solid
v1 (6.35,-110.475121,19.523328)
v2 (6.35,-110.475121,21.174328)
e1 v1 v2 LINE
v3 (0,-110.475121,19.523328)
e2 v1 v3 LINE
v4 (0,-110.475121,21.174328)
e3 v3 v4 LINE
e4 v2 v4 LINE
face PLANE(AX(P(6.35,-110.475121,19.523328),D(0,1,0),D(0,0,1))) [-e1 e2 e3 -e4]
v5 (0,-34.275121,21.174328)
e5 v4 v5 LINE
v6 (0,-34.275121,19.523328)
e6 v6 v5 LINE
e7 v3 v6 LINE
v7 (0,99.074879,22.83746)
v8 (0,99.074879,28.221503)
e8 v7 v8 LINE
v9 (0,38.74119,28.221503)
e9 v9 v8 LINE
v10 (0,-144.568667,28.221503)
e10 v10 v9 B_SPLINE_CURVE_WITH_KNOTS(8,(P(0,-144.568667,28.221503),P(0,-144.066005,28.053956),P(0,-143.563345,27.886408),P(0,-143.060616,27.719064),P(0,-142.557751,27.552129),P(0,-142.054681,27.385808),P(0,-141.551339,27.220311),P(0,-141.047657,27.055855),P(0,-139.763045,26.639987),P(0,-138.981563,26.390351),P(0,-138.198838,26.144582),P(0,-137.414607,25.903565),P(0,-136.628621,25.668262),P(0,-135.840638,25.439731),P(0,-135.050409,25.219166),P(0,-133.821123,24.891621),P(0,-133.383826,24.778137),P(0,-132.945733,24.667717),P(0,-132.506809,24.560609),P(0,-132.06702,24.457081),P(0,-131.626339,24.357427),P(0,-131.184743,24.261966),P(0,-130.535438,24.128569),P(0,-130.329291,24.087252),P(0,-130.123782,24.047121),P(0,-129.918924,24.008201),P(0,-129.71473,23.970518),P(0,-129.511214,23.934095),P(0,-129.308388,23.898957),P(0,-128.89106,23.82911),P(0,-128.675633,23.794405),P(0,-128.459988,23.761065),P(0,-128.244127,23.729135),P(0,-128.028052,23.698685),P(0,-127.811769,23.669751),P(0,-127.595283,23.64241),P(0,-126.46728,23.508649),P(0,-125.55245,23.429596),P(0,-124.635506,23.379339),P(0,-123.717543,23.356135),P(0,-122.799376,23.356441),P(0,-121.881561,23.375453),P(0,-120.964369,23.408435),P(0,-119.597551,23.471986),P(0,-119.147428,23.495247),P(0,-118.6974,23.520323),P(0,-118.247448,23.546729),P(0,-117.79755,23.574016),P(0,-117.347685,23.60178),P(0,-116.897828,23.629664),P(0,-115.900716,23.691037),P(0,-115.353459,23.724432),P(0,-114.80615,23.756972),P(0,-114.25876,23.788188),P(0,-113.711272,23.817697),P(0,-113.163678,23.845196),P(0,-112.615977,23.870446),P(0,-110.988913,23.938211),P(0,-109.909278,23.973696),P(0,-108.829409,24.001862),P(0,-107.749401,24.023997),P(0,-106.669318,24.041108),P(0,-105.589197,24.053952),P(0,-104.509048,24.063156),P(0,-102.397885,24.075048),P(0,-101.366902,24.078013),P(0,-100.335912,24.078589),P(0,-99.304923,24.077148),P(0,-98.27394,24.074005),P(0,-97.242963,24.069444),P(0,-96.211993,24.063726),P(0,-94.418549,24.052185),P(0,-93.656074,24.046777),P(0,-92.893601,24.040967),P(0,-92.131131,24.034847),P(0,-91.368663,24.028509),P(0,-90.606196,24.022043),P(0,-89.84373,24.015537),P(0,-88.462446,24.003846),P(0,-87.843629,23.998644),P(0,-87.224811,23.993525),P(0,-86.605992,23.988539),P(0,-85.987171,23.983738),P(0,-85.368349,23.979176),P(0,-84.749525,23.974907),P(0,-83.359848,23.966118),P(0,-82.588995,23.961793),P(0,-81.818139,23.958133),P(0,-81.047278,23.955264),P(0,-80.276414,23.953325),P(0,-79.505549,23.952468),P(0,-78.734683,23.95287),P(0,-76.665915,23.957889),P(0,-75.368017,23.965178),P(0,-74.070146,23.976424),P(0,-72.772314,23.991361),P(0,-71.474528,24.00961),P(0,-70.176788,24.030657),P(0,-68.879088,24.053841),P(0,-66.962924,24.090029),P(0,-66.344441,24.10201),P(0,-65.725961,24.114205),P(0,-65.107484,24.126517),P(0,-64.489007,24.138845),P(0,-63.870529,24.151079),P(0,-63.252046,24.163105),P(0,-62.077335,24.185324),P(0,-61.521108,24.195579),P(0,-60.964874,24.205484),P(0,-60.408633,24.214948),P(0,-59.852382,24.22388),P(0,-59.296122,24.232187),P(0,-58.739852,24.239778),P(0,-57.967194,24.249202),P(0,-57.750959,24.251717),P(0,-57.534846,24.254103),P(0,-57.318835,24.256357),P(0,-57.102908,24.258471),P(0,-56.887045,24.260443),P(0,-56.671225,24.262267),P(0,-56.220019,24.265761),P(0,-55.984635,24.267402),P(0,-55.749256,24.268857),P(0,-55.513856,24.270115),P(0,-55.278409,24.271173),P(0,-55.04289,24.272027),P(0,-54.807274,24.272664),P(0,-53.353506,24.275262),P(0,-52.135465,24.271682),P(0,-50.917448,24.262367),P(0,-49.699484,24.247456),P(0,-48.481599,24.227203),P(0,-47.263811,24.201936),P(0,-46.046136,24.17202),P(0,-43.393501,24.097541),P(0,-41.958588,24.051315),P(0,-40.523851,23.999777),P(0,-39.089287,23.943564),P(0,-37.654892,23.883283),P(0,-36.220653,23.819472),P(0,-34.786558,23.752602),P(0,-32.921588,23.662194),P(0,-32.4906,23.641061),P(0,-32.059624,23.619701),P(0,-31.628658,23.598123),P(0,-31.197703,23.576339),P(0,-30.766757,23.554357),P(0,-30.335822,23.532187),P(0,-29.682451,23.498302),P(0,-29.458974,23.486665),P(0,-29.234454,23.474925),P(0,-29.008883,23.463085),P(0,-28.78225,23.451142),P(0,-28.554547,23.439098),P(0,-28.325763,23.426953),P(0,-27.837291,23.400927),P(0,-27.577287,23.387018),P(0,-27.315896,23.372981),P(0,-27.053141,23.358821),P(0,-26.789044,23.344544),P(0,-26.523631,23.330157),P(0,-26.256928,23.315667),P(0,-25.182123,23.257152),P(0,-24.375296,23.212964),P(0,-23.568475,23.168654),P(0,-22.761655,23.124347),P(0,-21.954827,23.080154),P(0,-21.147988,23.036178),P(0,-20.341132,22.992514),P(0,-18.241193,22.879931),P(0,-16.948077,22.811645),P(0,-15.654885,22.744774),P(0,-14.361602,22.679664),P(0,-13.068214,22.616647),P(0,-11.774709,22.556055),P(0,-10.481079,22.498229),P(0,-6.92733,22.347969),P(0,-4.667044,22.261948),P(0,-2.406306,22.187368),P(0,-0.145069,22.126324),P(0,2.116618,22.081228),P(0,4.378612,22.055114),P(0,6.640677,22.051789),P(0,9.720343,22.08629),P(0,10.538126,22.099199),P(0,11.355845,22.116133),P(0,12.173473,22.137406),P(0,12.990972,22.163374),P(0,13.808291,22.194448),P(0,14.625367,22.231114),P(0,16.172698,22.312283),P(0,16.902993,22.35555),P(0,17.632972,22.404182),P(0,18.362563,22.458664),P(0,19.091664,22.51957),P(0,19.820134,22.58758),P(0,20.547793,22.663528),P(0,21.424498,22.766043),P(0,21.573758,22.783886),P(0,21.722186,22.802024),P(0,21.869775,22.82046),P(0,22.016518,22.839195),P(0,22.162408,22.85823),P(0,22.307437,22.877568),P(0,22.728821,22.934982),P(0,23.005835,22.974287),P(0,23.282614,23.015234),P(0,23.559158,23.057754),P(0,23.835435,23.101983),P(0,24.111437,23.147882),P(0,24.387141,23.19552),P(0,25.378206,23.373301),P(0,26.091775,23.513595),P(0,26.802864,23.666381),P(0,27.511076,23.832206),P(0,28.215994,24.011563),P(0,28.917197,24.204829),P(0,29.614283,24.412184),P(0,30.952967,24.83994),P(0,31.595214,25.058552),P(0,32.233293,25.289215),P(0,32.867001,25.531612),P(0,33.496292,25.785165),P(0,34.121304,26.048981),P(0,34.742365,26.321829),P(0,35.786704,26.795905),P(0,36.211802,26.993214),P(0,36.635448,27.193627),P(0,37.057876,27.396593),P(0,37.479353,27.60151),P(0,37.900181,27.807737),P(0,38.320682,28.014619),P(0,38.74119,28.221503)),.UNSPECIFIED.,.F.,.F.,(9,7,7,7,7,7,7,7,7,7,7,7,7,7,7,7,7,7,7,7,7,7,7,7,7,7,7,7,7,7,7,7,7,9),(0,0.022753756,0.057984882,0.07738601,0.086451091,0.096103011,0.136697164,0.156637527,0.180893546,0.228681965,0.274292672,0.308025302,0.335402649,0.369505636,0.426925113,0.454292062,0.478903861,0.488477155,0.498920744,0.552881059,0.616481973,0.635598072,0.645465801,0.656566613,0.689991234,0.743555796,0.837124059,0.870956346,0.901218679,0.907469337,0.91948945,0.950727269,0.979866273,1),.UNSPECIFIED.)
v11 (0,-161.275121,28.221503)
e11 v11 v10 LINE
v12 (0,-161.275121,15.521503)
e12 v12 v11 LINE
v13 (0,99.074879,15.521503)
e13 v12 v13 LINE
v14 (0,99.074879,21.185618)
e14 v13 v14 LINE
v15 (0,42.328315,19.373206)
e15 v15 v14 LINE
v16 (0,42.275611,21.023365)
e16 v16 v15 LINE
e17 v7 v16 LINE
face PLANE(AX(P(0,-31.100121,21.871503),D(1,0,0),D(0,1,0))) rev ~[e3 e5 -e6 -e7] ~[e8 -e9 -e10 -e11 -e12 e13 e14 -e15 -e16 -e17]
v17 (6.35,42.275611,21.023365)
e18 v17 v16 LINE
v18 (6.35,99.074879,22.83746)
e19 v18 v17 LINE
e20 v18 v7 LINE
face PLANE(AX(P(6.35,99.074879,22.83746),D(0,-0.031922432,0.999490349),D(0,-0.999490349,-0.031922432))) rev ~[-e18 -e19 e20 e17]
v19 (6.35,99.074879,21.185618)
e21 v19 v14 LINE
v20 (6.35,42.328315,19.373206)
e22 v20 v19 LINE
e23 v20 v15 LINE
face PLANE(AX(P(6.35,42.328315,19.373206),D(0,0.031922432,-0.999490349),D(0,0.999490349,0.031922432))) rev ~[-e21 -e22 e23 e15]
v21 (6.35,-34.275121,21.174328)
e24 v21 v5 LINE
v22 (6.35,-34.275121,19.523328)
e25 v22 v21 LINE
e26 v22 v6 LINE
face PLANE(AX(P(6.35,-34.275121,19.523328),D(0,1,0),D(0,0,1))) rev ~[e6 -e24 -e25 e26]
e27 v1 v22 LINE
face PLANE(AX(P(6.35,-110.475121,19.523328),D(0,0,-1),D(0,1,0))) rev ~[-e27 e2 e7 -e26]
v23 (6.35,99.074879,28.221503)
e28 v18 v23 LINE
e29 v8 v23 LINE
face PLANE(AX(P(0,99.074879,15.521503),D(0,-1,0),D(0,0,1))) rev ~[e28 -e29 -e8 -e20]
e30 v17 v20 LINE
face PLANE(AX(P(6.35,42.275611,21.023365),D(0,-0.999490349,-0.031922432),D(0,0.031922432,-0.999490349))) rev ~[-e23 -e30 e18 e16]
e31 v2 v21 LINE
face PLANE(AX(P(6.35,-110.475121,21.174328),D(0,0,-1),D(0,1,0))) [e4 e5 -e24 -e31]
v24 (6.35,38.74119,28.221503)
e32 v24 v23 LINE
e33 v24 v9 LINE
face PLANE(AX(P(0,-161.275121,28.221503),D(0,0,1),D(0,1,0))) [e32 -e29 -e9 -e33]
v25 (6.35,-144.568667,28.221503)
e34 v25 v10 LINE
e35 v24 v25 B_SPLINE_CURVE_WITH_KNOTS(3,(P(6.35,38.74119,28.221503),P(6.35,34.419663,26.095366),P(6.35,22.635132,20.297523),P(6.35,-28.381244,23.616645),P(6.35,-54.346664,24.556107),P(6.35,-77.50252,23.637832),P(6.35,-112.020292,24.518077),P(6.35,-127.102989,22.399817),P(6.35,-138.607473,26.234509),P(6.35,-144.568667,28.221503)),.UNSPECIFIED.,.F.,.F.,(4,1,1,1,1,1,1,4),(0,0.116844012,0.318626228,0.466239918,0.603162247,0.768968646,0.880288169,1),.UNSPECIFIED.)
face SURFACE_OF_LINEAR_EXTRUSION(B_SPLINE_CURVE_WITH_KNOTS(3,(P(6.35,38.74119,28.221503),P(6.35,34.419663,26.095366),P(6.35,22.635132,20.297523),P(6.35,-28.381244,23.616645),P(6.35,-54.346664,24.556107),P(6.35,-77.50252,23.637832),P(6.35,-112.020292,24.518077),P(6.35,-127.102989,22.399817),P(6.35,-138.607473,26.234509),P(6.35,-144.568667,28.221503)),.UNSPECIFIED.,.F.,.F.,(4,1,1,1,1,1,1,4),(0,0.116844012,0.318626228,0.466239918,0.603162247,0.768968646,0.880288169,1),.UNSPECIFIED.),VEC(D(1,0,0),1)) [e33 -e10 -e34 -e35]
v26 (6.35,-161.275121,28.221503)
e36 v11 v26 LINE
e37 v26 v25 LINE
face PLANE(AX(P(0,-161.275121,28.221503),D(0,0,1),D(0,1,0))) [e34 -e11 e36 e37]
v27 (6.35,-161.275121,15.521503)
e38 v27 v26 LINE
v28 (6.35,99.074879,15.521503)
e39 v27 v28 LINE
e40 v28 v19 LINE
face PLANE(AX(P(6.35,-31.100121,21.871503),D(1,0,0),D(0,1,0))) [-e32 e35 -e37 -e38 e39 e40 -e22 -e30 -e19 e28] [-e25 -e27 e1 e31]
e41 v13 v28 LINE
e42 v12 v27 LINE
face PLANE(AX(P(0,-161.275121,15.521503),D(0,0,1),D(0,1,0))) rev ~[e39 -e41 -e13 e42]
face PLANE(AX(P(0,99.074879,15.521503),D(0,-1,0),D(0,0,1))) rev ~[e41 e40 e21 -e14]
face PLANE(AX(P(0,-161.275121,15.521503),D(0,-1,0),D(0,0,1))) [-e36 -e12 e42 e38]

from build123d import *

# Parameters (mm, degrees)
F0_W     = 260.35
F0_H     = 12.7
F1_DEPTH = 6.35
F3_DEPTH = 25.4
F4_W     = 76.2
F4_H     = 1.651
F5_DEPTH = 25.4
F7_DEPTH = 25.4


with BuildPart() as f1:
    # F0 (on Right) → F1 (new body)
    with BuildSketch(Plane.YZ):
        with Locations((-31.1001208002, 21.8715034425)):
            Rectangle(F0_W, F0_H)
    extrude(amount=F1_DEPTH)

    # F2 (on face) → F3 (cut)
    with BuildSketch(Plane.YZ.offset(6.35)):
        Polygon((99.0748791998, 21.1856181787), (99.0748791998, 22.837460041), (42.2756113112, 21.0233647376), (42.3283152459, 19.3732061709), align=None)
    extrude(amount=-F3_DEPTH, mode=Mode.SUBTRACT)

    # F4 (on face) → F5 (cut)
    with BuildSketch(Plane.YZ.offset(6.35)):
        with Locations((-72.3751208002, 20.3488284017)):
            Rectangle(F4_W, F4_H)
    extrude(amount=-F5_DEPTH, mode=Mode.SUBTRACT)

    # F6 (on face) → F7 (cut)
    with BuildSketch(Plane.YZ.offset(6.35)):
        with BuildLine():
            add(Edge.make_bspline(
                [(38.7411899865, 28.2215034425), (34.4196630123, 26.0953657207), (22.6351323578, 20.2975226646), (-28.3812441061, 23.6166453568), (-54.3466635925, 24.5561071775), (-77.5025200152, 23.6378317044), (-112.0202918606, 24.5180769569), (-127.1029891925, 22.3998170636), (-138.6074726059, 26.2345090709), (-144.5686668158, 28.2215034425)],
                knots=[0, 0, 0, 0, 0.1168440117, 0.3186262276, 0.4662399176, 0.6031622473, 0.7689686463, 0.8802881695, 1, 1, 1, 1], degree=3))
            Line((38.7411899865, 28.2215034425), (-144.5686668158, 28.2215034425))
        make_face()
    extrude(amount=-F7_DEPTH, mode=Mode.SUBTRACT)


solid = f1.part
